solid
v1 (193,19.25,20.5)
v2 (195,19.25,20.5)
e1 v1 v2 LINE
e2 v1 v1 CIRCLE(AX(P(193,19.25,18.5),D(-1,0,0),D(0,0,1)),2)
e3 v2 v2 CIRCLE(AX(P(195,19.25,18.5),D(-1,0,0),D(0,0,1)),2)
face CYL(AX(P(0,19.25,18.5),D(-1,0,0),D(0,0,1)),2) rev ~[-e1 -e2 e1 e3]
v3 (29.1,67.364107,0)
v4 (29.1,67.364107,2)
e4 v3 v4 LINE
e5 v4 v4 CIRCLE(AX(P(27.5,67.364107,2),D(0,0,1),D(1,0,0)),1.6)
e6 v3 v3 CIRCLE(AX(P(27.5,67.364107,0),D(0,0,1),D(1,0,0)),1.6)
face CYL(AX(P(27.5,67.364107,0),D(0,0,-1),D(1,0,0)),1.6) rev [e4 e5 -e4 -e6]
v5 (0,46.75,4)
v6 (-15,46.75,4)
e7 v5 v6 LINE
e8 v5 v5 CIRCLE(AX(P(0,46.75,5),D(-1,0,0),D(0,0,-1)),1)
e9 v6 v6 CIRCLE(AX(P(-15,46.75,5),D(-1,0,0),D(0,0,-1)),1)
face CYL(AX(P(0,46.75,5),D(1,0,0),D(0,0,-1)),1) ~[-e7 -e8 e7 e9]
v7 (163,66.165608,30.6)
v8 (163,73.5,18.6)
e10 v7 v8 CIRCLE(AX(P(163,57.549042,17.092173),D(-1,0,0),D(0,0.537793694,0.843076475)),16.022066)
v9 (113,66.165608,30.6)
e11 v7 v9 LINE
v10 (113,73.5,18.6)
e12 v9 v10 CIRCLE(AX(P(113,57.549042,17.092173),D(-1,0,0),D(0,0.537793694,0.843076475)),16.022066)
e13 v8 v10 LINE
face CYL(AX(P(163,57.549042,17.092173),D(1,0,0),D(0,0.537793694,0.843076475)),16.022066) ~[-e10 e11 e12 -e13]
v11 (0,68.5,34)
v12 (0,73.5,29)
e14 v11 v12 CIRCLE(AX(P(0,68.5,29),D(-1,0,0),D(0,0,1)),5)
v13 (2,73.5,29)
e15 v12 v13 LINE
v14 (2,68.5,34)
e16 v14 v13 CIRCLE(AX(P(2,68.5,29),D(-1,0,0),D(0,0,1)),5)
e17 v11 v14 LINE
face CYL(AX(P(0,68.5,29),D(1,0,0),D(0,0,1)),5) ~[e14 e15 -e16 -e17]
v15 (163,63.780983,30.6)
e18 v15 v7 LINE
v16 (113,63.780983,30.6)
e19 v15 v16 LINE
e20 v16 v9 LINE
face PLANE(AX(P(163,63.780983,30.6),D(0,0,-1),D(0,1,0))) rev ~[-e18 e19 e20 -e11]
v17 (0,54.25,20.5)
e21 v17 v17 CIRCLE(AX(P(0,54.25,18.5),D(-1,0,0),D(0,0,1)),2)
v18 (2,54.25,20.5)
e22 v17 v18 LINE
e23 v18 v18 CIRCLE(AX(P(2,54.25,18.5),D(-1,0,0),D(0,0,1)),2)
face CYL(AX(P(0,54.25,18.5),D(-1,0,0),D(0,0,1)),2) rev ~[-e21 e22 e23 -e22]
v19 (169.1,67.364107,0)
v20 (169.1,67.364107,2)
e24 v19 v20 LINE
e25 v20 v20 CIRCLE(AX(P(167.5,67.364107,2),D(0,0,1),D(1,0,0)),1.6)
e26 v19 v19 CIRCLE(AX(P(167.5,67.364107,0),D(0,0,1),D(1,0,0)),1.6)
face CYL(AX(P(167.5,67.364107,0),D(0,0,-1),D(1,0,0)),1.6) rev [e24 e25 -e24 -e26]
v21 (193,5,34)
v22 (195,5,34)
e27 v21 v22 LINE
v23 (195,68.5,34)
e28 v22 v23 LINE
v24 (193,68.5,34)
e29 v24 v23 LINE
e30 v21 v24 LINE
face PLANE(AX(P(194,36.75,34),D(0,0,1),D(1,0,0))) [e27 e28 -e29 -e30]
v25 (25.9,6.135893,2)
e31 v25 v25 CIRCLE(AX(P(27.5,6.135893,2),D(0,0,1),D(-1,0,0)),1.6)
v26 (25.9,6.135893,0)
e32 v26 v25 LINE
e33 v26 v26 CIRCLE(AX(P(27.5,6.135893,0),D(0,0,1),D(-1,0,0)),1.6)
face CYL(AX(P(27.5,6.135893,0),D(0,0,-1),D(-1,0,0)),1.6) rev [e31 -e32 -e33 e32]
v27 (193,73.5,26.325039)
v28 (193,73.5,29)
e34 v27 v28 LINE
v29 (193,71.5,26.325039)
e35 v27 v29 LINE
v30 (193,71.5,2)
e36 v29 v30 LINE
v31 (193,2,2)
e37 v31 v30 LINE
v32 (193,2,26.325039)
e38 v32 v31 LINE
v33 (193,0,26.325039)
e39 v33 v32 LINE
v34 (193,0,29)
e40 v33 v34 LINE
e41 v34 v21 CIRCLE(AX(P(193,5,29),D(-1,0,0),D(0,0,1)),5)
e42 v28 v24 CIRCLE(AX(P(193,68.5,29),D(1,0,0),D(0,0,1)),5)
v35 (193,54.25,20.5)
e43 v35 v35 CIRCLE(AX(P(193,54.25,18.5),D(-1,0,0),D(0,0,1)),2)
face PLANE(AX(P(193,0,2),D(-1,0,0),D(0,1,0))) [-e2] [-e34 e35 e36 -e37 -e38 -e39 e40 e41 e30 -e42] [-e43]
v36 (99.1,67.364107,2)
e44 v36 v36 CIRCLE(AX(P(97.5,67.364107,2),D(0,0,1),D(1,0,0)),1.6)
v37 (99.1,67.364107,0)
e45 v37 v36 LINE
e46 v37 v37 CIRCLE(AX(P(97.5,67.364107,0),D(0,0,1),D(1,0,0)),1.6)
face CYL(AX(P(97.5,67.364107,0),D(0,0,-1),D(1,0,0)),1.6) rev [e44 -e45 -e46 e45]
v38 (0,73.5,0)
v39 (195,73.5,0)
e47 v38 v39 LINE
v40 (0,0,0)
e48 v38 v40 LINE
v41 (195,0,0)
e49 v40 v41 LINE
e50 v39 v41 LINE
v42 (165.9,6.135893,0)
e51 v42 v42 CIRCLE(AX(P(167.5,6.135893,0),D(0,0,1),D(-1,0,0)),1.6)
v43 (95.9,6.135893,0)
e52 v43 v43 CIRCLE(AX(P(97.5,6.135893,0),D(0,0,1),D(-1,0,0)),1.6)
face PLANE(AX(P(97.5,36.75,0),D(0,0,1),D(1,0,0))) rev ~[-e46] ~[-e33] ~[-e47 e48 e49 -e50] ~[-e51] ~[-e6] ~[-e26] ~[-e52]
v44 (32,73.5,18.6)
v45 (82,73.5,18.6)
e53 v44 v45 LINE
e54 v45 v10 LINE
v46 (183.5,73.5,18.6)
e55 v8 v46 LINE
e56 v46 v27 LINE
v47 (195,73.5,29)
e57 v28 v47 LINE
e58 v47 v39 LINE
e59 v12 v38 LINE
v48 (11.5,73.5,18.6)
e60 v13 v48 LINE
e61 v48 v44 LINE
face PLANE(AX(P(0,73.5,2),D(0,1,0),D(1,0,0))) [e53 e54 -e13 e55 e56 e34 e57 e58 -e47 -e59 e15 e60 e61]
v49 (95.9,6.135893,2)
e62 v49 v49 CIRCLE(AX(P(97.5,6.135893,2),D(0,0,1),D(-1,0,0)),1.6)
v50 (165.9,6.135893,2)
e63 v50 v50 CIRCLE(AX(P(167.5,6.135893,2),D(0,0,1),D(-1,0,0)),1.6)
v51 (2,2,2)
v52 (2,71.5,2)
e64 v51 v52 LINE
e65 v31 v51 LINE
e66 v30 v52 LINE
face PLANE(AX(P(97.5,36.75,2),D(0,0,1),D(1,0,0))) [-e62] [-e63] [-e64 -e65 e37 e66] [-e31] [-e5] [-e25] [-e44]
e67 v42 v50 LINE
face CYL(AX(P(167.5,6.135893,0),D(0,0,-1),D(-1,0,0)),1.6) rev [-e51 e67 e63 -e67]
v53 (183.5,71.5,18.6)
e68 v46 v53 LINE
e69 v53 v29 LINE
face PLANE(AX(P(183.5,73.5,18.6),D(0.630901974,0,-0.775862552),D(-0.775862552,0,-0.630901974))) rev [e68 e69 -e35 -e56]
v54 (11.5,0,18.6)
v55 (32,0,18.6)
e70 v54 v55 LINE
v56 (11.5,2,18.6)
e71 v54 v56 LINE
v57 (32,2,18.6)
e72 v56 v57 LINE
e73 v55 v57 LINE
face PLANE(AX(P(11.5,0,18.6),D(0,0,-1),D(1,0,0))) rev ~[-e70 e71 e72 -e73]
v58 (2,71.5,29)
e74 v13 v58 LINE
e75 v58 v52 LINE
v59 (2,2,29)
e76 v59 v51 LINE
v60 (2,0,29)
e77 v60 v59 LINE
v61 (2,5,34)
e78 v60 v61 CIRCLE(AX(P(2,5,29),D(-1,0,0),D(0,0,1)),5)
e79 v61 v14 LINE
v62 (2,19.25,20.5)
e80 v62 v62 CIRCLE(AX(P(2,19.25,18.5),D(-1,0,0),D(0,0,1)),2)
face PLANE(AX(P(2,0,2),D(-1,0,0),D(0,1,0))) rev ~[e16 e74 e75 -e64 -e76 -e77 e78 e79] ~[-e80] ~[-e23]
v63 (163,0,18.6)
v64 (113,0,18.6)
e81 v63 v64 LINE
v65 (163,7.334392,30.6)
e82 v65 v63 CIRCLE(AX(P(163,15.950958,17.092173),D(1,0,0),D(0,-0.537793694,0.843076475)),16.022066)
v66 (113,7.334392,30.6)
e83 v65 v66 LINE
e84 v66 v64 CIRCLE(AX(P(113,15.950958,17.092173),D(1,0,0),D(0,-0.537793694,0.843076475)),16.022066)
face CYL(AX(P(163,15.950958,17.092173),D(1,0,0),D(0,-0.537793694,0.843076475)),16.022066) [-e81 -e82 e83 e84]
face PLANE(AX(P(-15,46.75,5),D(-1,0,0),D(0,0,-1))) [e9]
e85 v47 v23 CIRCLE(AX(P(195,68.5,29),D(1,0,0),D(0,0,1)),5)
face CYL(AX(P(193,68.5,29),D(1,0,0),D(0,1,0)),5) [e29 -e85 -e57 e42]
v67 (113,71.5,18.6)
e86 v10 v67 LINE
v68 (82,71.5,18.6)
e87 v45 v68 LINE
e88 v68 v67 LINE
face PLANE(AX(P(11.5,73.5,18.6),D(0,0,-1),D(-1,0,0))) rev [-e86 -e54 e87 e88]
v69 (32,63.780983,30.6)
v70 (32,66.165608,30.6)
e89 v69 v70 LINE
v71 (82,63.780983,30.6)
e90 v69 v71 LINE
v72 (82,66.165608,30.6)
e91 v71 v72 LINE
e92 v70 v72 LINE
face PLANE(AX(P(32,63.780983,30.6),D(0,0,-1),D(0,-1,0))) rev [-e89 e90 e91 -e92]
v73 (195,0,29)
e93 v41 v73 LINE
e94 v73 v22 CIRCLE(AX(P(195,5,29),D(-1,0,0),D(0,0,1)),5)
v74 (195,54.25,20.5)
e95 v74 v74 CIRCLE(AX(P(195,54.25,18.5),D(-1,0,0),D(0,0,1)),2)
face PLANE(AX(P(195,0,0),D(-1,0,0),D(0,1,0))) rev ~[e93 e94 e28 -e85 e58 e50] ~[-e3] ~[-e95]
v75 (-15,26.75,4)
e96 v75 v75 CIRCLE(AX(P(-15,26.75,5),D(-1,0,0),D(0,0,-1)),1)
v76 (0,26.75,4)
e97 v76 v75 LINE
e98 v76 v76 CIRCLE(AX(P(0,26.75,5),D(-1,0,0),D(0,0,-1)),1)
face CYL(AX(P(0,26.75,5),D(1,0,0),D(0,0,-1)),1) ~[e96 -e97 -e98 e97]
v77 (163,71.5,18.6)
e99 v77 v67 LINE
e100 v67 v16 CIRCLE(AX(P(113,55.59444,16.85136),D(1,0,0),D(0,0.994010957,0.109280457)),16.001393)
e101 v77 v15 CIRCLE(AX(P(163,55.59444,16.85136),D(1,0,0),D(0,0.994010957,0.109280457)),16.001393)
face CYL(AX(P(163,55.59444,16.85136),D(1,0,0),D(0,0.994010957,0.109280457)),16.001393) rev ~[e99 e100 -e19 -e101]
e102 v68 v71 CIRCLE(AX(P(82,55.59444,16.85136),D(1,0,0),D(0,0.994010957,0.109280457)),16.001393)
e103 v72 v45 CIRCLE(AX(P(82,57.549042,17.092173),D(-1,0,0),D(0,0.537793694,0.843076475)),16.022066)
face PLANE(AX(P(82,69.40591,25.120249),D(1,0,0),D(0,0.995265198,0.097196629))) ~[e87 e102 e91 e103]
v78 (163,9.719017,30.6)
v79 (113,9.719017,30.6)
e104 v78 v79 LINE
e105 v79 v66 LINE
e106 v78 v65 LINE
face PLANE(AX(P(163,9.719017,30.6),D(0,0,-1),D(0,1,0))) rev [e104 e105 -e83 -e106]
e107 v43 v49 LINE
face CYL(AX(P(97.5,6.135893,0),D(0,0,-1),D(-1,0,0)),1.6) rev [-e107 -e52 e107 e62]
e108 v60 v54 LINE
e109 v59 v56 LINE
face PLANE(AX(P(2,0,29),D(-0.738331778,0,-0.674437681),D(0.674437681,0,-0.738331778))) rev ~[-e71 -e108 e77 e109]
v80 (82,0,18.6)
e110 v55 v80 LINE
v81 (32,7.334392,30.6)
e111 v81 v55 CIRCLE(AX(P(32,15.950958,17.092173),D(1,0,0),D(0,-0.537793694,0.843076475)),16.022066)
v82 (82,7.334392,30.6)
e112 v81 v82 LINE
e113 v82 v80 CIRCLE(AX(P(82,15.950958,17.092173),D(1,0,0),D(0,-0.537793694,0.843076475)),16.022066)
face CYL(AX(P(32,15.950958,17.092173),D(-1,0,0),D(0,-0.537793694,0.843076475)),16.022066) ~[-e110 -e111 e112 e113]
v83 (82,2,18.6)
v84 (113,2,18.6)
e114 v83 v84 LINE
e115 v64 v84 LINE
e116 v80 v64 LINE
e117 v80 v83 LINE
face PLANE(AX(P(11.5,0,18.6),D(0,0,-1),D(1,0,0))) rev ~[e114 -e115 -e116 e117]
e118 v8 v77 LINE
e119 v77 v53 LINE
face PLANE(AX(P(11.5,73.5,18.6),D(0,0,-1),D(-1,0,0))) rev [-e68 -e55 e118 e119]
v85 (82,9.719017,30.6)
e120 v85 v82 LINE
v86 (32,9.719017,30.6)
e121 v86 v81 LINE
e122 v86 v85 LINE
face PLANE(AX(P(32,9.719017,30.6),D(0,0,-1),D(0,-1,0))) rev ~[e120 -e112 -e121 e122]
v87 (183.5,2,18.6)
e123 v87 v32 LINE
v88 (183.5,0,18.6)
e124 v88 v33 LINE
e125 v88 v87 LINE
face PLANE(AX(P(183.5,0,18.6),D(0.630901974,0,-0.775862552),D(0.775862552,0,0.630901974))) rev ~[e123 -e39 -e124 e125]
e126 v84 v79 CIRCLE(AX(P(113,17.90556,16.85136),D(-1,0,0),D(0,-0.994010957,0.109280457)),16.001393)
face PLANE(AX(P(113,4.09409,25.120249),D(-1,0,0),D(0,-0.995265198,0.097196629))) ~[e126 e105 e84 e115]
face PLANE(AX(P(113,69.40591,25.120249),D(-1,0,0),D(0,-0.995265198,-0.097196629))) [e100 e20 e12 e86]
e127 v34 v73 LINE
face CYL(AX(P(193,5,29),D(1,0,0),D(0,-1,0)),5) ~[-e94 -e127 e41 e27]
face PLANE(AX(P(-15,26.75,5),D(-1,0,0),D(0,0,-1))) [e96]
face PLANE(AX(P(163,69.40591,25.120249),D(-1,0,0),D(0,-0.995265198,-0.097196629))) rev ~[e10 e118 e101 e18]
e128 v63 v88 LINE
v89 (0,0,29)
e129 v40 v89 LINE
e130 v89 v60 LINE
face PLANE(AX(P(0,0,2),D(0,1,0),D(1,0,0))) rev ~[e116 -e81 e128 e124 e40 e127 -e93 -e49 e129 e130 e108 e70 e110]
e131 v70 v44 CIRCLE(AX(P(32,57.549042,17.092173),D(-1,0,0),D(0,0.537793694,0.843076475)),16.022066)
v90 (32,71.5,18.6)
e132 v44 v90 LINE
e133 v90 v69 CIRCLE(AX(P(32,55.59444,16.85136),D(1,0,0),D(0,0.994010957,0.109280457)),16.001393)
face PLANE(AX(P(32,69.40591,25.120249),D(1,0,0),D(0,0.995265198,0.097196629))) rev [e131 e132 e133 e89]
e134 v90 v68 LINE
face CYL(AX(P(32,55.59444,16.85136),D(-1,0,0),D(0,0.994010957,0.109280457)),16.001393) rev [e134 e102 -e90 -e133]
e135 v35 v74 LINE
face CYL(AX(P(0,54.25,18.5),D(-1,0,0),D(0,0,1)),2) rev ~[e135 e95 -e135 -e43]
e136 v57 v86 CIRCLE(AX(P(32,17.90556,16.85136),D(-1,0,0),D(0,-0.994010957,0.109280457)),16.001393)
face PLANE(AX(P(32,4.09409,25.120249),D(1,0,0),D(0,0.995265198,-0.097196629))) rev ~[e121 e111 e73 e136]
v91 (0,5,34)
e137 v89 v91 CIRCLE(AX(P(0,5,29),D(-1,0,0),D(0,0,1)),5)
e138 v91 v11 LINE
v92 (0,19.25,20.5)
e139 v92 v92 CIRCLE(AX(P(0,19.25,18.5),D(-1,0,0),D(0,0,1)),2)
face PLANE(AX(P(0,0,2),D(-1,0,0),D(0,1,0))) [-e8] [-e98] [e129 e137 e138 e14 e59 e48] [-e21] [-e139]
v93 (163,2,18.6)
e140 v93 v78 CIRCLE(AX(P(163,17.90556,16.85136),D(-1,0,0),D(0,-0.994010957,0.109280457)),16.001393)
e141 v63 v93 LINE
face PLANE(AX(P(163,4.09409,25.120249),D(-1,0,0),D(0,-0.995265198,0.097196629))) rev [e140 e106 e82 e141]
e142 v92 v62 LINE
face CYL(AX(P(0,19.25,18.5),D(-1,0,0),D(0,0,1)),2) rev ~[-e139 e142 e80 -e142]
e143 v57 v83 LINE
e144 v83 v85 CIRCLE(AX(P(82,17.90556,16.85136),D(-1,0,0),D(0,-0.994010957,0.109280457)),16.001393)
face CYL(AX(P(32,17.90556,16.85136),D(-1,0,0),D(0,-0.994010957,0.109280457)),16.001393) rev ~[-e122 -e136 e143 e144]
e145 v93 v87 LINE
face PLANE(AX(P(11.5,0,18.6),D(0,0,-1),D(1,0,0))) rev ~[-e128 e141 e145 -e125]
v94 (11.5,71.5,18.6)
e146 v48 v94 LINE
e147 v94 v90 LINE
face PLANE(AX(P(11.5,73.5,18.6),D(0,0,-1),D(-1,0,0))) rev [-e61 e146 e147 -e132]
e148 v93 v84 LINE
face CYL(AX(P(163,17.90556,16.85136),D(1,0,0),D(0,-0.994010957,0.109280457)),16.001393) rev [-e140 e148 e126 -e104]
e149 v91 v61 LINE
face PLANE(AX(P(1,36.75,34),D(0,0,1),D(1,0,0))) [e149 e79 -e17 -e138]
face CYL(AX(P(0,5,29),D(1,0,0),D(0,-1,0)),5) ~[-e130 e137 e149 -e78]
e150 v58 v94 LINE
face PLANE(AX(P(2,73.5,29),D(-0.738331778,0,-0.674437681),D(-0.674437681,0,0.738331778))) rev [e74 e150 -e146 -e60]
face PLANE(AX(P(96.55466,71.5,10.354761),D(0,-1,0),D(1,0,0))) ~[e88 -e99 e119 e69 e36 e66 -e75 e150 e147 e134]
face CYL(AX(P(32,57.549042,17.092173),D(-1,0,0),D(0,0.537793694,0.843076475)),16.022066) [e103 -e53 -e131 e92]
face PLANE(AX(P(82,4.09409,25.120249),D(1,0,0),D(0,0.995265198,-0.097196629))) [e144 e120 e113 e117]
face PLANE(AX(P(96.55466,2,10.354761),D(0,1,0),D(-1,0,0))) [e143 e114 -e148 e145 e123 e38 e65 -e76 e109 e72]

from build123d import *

# Parameters (mm, degrees)
SKETCH1_W            = 195
SKETCH1_H            = 73.5
SKETCH1_R            = 1.6
BOSS_EXTRUDE1_DEPTH  = 2
SKETCH2_W            = 2
SKETCH2_H            = 73.5
BOSS_EXTRUDE2_DEPTH  = 32
BOSS_EXTRUDE3_DEPTH  = 2
BOSS_EXTRUDE4_DEPTH  = 50
MIRROR3_COPY_1_DEPTH = 50
FILLET1_R            = 5
SKETCH6_R            = 1
BOSS_EXTRUDE5_DEPTH  = 15
SKETCH7_R            = 2
CUT_EXTRUDE1_DEPTH   = 212.147460321


with BuildPart() as part:
    # Sketch1 → Boss-Extrude1 (new body)
    with BuildSketch(Plane.XY):
        with Locations((97.5, 36.75)):
            Rectangle(SKETCH1_W, SKETCH1_H)
        with Locations((27.5, 67.364107359)):
            Circle(SKETCH1_R, mode=Mode.SUBTRACT)
        with Locations((97.5, 67.364107359)):
            Circle(SKETCH1_R, mode=Mode.SUBTRACT)
        with Locations((167.5, 67.364107359)):
            Circle(SKETCH1_R, mode=Mode.SUBTRACT)
        with Locations(Location((167.5, 6.135892641, 0), (0, 0, 180))):
            Circle(SKETCH1_R, mode=Mode.SUBTRACT)
        with Locations(Location((97.5, 6.135892641, 0), (0, 0, 180))):
            Circle(SKETCH1_R, mode=Mode.SUBTRACT)
        with Locations(Location((27.5, 6.135892641, 0), (0, 0, 180))):
            Circle(SKETCH1_R, mode=Mode.SUBTRACT)
    extrude(amount=BOSS_EXTRUDE1_DEPTH)

    # Sketch2 → Boss-Extrude2 (add)
    with BuildSketch(Plane.XY.offset(2)):
        with Locations((1, 36.75)):
            Rectangle(SKETCH2_W, SKETCH2_H)
        with Locations((194, 36.75)):
            Rectangle(SKETCH2_W, SKETCH2_H)
    extrude(amount=BOSS_EXTRUDE2_DEPTH)

    # Sketch3 → Boss-Extrude3 (add)
    with BuildSketch(Plane.XZ):
        Polygon((0, 0), (0, 29), (2, 29), (11.5, 18.6), (183.5, 18.6), (193, 26.325039357), (195, 26.325039357), (195, 0), align=None)
    boss_extrude3 = extrude(amount=-BOSS_EXTRUDE3_DEPTH)

    # Mirror1: Boss-Extrude3 across plane
    add(boss_extrude3.mirror(Plane(origin=(0, 36.75, 0), x_dir=(0, 0, 1), z_dir=(0, -1, 0))))

    # 3DSketch1 → Boss-Extrude4 (add)
    with BuildSketch(Plane(origin=(32, 0, 18.6), x_dir=(0, 0.995265198446773, -0.09719662936905633), z_dir=(1, 0, 0))):
        with BuildLine():
            Line((0, 0), (1.990530397, 0.194393259))
            ThreePointArc((1.990530397, 0.194393259), (3.755453085, 7.307606505), (8.506639352, 12.887838028))
            Line((8.506639352, 12.887838028), (6.133305317, 12.656060539))
            ThreePointArc((6.133305317, 12.656060539), (1.603781504, 7.03695825), (0, 0))
        make_face()
    boss_extrude4 = extrude(amount=BOSS_EXTRUDE4_DEPTH)

    # Mirror2: Boss-Extrude4 across plane
    add(boss_extrude4.mirror(Plane(origin=(97.5, 0, 0), x_dir=(0, 0, 1), z_dir=(1, 0, 0))))

    # Mirror3: Boss-Extrude4 across plane
    add(boss_extrude4.mirror(Plane(origin=(0, 36.75, 0), x_dir=(0, 0, 1), z_dir=(0, -1, 0))))

    # Mirror3 copy 1 sketch → Mirror3 copy 1 (add)
    with BuildSketch(Plane(origin=(163, 73.5, 18.6), x_dir=(0, -0.995265198446773, -0.09719662936905633), z_dir=(-1, 0, 0))):
        with BuildLine():
            Line((0, 0), (1.990530397, 0.194393259))
            ThreePointArc((1.990530397, 0.194393259), (3.755453085, 7.307606505), (8.506639352, 12.887838028))
            Line((8.506639352, 12.887838028), (6.133305317, 12.656060539))
            ThreePointArc((6.133305317, 12.656060539), (1.603781504, 7.03695825), (0, 0))
        make_face()
    extrude(amount=MIRROR3_COPY_1_DEPTH)

    # Fillet1
    fillet1_edges = [part.edges().sort_by_distance(p)[0] for p in [
        (1, 0, 34),
        (1, 73.5, 34),
        (194, 73.5, 34),
        (194, 0, 34),
    ]]
    fillet(fillet1_edges, radius=FILLET1_R)

    # Sketch6 → Boss-Extrude5 (add)
    with BuildSketch(Plane.ZY):
        with Locations(Location((5, 46.75, 0), (0, 0, 180))):
            Circle(SKETCH6_R)
        with Locations(Location((5, 26.75, 0), (0, 0, 180))):
            Circle(SKETCH6_R)
    extrude(amount=BOSS_EXTRUDE5_DEPTH)

    # Sketch7 → Cut-Extrude1 (cut, through all)
    with BuildSketch(Plane.ZY):
        with Locations((18.5, 54.25)):
            Circle(SKETCH7_R)
        with Locations((18.5, 19.25)):
            Circle(SKETCH7_R)
    extrude(amount=-CUT_EXTRUDE1_DEPTH, mode=Mode.SUBTRACT)


solid = part.part
